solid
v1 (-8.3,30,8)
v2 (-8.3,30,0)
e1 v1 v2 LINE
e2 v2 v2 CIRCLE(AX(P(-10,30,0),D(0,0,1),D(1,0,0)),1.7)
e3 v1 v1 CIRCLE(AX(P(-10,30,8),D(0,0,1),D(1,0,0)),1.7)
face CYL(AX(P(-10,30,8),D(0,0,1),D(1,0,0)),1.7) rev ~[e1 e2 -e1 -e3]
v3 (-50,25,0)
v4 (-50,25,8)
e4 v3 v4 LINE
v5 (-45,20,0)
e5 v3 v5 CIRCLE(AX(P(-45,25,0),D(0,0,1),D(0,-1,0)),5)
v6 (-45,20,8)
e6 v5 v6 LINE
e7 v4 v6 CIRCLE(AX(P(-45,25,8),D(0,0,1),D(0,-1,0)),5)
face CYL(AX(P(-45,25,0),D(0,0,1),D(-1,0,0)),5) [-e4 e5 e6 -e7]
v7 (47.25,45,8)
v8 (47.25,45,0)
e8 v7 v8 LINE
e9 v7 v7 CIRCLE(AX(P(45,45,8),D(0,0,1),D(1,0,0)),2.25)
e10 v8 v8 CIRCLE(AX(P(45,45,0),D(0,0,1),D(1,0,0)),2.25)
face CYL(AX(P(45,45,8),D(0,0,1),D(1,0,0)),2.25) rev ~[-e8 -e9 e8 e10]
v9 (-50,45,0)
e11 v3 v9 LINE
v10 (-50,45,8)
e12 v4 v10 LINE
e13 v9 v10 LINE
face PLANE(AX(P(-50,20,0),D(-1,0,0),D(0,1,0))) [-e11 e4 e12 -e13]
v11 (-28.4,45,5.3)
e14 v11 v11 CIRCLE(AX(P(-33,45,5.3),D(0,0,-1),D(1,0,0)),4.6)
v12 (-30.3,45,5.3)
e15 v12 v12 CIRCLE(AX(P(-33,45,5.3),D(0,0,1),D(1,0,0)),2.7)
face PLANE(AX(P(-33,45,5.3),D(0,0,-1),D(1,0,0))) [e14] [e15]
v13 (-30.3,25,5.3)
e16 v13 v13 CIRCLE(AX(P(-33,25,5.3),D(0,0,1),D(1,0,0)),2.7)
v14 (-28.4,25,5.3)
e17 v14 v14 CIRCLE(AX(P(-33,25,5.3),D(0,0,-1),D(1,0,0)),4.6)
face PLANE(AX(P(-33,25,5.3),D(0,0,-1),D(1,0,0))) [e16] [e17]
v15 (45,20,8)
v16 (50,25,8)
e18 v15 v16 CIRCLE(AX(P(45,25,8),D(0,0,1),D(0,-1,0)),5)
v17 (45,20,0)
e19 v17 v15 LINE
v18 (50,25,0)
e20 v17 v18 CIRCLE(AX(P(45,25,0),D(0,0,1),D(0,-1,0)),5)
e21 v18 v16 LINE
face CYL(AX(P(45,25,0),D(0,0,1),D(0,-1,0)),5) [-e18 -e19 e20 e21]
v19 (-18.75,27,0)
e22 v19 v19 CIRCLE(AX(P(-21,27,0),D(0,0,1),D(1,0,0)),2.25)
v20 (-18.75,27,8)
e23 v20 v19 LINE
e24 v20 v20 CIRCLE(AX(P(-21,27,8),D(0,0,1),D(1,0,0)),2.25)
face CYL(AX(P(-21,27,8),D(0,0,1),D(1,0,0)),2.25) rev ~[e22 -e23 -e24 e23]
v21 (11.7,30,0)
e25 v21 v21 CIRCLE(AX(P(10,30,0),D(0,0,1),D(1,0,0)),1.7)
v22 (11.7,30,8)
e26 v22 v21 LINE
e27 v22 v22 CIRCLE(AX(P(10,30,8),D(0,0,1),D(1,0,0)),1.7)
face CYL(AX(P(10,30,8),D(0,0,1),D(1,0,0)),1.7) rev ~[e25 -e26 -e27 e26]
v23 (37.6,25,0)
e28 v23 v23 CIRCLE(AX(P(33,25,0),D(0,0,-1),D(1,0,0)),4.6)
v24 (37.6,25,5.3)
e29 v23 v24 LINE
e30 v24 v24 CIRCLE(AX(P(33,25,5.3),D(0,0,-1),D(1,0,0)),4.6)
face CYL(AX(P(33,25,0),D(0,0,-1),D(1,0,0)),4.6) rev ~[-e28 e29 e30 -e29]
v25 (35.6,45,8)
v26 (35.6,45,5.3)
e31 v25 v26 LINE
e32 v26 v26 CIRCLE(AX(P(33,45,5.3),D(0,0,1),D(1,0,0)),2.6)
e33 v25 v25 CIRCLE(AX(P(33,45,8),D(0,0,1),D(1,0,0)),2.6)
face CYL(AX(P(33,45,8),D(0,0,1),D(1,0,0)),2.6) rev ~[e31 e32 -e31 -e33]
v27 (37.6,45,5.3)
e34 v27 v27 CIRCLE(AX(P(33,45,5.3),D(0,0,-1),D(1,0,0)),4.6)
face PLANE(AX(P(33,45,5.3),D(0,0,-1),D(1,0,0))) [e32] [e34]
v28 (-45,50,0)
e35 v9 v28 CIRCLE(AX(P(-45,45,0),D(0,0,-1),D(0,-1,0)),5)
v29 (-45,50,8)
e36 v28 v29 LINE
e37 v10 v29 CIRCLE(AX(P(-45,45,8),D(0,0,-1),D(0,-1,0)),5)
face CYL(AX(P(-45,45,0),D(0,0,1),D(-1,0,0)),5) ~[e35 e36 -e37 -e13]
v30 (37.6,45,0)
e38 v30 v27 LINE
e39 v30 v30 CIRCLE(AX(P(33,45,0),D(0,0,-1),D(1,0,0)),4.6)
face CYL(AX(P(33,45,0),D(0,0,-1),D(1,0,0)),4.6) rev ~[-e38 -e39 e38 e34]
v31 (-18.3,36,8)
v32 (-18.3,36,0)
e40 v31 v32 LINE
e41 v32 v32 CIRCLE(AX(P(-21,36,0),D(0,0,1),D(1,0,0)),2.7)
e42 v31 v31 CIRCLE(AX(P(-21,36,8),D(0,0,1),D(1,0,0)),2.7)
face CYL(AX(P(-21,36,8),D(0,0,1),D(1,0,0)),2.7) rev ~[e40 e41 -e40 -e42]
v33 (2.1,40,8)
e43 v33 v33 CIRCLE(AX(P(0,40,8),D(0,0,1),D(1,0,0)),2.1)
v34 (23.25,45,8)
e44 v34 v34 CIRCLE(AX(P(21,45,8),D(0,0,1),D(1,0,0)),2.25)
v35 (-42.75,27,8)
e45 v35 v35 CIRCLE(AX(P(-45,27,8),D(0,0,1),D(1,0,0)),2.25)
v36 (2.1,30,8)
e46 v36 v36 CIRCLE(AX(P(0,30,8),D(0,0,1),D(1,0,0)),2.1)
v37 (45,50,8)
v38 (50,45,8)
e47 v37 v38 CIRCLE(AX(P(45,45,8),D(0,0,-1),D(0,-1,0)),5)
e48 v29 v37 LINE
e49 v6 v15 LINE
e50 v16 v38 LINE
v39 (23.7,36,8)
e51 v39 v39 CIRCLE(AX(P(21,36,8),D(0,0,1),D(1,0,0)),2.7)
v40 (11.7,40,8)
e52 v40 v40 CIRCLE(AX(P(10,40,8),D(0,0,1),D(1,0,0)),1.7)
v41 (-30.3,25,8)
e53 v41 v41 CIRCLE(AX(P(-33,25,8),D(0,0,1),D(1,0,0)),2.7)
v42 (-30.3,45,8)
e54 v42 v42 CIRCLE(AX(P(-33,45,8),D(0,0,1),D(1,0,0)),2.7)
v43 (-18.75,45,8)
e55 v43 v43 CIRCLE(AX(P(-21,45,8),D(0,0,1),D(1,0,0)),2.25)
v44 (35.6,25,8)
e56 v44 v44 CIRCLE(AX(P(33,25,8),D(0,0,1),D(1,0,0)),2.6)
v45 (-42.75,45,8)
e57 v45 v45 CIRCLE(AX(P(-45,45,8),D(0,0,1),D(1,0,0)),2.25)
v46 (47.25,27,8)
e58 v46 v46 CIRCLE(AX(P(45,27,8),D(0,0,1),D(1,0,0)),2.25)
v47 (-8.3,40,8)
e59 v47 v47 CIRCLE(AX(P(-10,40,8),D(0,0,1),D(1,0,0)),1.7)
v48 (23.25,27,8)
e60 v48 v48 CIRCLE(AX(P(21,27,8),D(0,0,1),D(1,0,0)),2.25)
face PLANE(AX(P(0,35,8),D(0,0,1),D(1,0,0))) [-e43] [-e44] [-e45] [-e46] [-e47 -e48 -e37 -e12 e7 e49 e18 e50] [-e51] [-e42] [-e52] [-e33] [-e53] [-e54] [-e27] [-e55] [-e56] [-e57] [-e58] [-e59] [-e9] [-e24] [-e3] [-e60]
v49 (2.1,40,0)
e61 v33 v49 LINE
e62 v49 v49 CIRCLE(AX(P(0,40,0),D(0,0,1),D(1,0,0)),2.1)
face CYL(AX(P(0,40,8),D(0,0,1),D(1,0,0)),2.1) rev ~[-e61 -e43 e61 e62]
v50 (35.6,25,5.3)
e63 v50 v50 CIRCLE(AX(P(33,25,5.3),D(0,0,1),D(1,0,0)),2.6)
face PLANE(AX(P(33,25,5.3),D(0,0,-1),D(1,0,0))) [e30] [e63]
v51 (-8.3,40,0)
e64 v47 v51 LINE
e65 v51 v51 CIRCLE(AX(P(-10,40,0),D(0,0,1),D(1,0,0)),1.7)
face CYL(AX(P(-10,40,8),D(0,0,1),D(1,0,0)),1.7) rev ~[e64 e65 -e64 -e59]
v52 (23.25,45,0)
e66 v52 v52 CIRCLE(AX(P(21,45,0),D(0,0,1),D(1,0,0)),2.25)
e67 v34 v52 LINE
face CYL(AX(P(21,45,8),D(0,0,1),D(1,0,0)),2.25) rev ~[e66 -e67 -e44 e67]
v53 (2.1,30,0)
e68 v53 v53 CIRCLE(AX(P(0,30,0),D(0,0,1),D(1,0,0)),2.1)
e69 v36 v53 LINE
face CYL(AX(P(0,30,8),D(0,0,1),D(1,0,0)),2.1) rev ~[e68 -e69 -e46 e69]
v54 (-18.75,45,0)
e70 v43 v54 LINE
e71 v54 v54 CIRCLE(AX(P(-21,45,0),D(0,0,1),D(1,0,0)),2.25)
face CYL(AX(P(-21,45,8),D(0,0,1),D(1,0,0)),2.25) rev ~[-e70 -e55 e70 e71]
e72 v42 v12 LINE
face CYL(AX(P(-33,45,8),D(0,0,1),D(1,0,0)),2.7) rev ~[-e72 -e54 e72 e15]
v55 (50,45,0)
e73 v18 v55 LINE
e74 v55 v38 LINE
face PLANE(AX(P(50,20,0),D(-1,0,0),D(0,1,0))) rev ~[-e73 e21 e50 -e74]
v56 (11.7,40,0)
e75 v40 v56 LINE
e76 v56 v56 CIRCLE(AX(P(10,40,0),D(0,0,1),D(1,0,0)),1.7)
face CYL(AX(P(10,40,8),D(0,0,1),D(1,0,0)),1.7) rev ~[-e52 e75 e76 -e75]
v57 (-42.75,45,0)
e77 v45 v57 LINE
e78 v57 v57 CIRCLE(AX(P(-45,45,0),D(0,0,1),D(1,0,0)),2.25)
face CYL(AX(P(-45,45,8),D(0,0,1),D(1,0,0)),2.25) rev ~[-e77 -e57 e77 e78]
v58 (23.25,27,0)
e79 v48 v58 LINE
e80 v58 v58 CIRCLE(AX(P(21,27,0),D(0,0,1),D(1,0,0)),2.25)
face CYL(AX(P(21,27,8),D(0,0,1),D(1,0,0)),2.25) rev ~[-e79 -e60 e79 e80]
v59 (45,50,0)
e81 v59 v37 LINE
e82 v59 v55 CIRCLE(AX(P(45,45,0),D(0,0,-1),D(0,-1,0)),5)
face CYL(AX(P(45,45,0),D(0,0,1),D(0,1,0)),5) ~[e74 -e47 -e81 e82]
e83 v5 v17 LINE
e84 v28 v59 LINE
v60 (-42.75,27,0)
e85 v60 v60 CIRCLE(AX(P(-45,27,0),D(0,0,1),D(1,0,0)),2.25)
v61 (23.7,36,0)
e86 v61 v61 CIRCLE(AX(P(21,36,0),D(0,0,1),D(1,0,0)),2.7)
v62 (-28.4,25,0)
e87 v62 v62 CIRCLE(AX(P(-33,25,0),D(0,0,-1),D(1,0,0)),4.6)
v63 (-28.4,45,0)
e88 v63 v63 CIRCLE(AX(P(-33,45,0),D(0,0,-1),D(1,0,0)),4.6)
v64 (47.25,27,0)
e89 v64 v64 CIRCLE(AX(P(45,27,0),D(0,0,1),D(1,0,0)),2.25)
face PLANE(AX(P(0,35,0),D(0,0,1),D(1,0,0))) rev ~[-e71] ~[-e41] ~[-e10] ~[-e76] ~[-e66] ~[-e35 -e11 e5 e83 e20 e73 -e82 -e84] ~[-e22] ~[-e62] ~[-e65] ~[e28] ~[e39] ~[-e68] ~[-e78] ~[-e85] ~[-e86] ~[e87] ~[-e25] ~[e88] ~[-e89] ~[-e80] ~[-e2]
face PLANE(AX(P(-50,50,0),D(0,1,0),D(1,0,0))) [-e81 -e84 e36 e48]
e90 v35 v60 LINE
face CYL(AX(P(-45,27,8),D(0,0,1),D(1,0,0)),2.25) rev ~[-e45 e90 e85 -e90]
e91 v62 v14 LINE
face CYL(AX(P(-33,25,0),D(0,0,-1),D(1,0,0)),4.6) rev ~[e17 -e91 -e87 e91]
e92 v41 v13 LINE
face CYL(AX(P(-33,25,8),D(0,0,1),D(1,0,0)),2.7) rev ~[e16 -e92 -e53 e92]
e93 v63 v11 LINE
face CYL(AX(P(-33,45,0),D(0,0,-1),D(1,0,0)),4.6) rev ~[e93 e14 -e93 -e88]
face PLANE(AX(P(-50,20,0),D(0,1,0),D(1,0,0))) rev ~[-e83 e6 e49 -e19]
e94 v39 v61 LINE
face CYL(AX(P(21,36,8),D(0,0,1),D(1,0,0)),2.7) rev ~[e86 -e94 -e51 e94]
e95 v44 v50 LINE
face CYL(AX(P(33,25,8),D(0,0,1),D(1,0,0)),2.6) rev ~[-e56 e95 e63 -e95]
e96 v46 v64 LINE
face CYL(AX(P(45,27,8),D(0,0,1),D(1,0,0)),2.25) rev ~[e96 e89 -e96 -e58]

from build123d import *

# Parameters (mm, degrees)
SKETCH_W        = 100
SKETCH_H        = 30
PAD_DEPTH       = 8
SKETCH001_R     = 2.25
SKETCH001_R_2   = 2.7
SKETCH001_R_3   = 2.6
SKETCH001_R_4   = 2.1
POCKET_DEPTH    = 8.001
SKETCH002_R     = 1.7
POCKET001_DEPTH = 8.001
SKETCH003_R     = 4.6
POCKET002_DEPTH = 5.3
FILLET_R        = 5


with BuildPart() as part:
    # Sketch → Pad (new body)
    with BuildSketch(Plane.XY):
        with Locations((0, 35)):
            Rectangle(SKETCH_W, SKETCH_H)
    extrude(amount=PAD_DEPTH)

    # Sketch001 → Pocket (cut, through all)
    with BuildSketch(Plane.XY.offset(8)):
        with Locations((-21, 45)):
            Circle(SKETCH001_R)
        with Locations((-45, 27)):
            Circle(SKETCH001_R)
        with Locations((-45, 45)):
            Circle(SKETCH001_R)
        with Locations((-21, 27)):
            Circle(SKETCH001_R)
        with Locations((21, 27)):
            Circle(SKETCH001_R)
        with Locations((21, 45)):
            Circle(SKETCH001_R)
        with Locations((45, 27)):
            Circle(SKETCH001_R)
        with Locations((45, 45)):
            Circle(SKETCH001_R)
        with Locations((-33, 45)):
            Circle(SKETCH001_R_2)
        with Locations((-33, 25)):
            Circle(SKETCH001_R_2)
        with Locations((33, 45)):
            Circle(SKETCH001_R_3)
        with Locations((33, 25)):
            Circle(SKETCH001_R_3)
        with Locations((-21, 36)):
            Circle(SKETCH001_R_2)
        with Locations((21, 36)):
            Circle(SKETCH001_R_2)
        with Locations((0, 30)):
            Circle(SKETCH001_R_4)
        with Locations((0, 40)):
            Circle(SKETCH001_R_4)
    extrude(amount=-POCKET_DEPTH, mode=Mode.SUBTRACT)

    # Sketch002 → Pocket001 (cut, through all)
    with BuildSketch(Plane.XY.offset(8)):
        with Locations((-10, 30)):
            Circle(SKETCH002_R)
        with Locations((-10, 40)):
            Circle(SKETCH002_R)
        with Locations((10, 40)):
            Circle(SKETCH002_R)
        with Locations((10, 30)):
            Circle(SKETCH002_R)
    extrude(amount=-POCKET001_DEPTH, mode=Mode.SUBTRACT)

    # Sketch003 → Pocket002 (cut)
    with BuildSketch(Plane(origin=(0, 0, 0), x_dir=(1, 0, 0), z_dir=(0, 0, -1))):
        with Locations((-33, -25)):
            Circle(SKETCH003_R)
        with Locations((33, -45)):
            Circle(SKETCH003_R)
        with Locations((33, -25)):
            Circle(SKETCH003_R)
        with Locations((-33, -45)):
            Circle(SKETCH003_R)
    extrude(amount=-POCKET002_DEPTH, mode=Mode.SUBTRACT)

    # Fillet
    fillet_edges = [part.edges().sort_by_distance(p)[0] for p in [
        (-50, 20, 4),
        (50, 20, 4),
        (-50, 50, 4),
        (50, 50, 4),
    ]]
    fillet(fillet_edges, radius=FILLET_R)


solid = part.part
